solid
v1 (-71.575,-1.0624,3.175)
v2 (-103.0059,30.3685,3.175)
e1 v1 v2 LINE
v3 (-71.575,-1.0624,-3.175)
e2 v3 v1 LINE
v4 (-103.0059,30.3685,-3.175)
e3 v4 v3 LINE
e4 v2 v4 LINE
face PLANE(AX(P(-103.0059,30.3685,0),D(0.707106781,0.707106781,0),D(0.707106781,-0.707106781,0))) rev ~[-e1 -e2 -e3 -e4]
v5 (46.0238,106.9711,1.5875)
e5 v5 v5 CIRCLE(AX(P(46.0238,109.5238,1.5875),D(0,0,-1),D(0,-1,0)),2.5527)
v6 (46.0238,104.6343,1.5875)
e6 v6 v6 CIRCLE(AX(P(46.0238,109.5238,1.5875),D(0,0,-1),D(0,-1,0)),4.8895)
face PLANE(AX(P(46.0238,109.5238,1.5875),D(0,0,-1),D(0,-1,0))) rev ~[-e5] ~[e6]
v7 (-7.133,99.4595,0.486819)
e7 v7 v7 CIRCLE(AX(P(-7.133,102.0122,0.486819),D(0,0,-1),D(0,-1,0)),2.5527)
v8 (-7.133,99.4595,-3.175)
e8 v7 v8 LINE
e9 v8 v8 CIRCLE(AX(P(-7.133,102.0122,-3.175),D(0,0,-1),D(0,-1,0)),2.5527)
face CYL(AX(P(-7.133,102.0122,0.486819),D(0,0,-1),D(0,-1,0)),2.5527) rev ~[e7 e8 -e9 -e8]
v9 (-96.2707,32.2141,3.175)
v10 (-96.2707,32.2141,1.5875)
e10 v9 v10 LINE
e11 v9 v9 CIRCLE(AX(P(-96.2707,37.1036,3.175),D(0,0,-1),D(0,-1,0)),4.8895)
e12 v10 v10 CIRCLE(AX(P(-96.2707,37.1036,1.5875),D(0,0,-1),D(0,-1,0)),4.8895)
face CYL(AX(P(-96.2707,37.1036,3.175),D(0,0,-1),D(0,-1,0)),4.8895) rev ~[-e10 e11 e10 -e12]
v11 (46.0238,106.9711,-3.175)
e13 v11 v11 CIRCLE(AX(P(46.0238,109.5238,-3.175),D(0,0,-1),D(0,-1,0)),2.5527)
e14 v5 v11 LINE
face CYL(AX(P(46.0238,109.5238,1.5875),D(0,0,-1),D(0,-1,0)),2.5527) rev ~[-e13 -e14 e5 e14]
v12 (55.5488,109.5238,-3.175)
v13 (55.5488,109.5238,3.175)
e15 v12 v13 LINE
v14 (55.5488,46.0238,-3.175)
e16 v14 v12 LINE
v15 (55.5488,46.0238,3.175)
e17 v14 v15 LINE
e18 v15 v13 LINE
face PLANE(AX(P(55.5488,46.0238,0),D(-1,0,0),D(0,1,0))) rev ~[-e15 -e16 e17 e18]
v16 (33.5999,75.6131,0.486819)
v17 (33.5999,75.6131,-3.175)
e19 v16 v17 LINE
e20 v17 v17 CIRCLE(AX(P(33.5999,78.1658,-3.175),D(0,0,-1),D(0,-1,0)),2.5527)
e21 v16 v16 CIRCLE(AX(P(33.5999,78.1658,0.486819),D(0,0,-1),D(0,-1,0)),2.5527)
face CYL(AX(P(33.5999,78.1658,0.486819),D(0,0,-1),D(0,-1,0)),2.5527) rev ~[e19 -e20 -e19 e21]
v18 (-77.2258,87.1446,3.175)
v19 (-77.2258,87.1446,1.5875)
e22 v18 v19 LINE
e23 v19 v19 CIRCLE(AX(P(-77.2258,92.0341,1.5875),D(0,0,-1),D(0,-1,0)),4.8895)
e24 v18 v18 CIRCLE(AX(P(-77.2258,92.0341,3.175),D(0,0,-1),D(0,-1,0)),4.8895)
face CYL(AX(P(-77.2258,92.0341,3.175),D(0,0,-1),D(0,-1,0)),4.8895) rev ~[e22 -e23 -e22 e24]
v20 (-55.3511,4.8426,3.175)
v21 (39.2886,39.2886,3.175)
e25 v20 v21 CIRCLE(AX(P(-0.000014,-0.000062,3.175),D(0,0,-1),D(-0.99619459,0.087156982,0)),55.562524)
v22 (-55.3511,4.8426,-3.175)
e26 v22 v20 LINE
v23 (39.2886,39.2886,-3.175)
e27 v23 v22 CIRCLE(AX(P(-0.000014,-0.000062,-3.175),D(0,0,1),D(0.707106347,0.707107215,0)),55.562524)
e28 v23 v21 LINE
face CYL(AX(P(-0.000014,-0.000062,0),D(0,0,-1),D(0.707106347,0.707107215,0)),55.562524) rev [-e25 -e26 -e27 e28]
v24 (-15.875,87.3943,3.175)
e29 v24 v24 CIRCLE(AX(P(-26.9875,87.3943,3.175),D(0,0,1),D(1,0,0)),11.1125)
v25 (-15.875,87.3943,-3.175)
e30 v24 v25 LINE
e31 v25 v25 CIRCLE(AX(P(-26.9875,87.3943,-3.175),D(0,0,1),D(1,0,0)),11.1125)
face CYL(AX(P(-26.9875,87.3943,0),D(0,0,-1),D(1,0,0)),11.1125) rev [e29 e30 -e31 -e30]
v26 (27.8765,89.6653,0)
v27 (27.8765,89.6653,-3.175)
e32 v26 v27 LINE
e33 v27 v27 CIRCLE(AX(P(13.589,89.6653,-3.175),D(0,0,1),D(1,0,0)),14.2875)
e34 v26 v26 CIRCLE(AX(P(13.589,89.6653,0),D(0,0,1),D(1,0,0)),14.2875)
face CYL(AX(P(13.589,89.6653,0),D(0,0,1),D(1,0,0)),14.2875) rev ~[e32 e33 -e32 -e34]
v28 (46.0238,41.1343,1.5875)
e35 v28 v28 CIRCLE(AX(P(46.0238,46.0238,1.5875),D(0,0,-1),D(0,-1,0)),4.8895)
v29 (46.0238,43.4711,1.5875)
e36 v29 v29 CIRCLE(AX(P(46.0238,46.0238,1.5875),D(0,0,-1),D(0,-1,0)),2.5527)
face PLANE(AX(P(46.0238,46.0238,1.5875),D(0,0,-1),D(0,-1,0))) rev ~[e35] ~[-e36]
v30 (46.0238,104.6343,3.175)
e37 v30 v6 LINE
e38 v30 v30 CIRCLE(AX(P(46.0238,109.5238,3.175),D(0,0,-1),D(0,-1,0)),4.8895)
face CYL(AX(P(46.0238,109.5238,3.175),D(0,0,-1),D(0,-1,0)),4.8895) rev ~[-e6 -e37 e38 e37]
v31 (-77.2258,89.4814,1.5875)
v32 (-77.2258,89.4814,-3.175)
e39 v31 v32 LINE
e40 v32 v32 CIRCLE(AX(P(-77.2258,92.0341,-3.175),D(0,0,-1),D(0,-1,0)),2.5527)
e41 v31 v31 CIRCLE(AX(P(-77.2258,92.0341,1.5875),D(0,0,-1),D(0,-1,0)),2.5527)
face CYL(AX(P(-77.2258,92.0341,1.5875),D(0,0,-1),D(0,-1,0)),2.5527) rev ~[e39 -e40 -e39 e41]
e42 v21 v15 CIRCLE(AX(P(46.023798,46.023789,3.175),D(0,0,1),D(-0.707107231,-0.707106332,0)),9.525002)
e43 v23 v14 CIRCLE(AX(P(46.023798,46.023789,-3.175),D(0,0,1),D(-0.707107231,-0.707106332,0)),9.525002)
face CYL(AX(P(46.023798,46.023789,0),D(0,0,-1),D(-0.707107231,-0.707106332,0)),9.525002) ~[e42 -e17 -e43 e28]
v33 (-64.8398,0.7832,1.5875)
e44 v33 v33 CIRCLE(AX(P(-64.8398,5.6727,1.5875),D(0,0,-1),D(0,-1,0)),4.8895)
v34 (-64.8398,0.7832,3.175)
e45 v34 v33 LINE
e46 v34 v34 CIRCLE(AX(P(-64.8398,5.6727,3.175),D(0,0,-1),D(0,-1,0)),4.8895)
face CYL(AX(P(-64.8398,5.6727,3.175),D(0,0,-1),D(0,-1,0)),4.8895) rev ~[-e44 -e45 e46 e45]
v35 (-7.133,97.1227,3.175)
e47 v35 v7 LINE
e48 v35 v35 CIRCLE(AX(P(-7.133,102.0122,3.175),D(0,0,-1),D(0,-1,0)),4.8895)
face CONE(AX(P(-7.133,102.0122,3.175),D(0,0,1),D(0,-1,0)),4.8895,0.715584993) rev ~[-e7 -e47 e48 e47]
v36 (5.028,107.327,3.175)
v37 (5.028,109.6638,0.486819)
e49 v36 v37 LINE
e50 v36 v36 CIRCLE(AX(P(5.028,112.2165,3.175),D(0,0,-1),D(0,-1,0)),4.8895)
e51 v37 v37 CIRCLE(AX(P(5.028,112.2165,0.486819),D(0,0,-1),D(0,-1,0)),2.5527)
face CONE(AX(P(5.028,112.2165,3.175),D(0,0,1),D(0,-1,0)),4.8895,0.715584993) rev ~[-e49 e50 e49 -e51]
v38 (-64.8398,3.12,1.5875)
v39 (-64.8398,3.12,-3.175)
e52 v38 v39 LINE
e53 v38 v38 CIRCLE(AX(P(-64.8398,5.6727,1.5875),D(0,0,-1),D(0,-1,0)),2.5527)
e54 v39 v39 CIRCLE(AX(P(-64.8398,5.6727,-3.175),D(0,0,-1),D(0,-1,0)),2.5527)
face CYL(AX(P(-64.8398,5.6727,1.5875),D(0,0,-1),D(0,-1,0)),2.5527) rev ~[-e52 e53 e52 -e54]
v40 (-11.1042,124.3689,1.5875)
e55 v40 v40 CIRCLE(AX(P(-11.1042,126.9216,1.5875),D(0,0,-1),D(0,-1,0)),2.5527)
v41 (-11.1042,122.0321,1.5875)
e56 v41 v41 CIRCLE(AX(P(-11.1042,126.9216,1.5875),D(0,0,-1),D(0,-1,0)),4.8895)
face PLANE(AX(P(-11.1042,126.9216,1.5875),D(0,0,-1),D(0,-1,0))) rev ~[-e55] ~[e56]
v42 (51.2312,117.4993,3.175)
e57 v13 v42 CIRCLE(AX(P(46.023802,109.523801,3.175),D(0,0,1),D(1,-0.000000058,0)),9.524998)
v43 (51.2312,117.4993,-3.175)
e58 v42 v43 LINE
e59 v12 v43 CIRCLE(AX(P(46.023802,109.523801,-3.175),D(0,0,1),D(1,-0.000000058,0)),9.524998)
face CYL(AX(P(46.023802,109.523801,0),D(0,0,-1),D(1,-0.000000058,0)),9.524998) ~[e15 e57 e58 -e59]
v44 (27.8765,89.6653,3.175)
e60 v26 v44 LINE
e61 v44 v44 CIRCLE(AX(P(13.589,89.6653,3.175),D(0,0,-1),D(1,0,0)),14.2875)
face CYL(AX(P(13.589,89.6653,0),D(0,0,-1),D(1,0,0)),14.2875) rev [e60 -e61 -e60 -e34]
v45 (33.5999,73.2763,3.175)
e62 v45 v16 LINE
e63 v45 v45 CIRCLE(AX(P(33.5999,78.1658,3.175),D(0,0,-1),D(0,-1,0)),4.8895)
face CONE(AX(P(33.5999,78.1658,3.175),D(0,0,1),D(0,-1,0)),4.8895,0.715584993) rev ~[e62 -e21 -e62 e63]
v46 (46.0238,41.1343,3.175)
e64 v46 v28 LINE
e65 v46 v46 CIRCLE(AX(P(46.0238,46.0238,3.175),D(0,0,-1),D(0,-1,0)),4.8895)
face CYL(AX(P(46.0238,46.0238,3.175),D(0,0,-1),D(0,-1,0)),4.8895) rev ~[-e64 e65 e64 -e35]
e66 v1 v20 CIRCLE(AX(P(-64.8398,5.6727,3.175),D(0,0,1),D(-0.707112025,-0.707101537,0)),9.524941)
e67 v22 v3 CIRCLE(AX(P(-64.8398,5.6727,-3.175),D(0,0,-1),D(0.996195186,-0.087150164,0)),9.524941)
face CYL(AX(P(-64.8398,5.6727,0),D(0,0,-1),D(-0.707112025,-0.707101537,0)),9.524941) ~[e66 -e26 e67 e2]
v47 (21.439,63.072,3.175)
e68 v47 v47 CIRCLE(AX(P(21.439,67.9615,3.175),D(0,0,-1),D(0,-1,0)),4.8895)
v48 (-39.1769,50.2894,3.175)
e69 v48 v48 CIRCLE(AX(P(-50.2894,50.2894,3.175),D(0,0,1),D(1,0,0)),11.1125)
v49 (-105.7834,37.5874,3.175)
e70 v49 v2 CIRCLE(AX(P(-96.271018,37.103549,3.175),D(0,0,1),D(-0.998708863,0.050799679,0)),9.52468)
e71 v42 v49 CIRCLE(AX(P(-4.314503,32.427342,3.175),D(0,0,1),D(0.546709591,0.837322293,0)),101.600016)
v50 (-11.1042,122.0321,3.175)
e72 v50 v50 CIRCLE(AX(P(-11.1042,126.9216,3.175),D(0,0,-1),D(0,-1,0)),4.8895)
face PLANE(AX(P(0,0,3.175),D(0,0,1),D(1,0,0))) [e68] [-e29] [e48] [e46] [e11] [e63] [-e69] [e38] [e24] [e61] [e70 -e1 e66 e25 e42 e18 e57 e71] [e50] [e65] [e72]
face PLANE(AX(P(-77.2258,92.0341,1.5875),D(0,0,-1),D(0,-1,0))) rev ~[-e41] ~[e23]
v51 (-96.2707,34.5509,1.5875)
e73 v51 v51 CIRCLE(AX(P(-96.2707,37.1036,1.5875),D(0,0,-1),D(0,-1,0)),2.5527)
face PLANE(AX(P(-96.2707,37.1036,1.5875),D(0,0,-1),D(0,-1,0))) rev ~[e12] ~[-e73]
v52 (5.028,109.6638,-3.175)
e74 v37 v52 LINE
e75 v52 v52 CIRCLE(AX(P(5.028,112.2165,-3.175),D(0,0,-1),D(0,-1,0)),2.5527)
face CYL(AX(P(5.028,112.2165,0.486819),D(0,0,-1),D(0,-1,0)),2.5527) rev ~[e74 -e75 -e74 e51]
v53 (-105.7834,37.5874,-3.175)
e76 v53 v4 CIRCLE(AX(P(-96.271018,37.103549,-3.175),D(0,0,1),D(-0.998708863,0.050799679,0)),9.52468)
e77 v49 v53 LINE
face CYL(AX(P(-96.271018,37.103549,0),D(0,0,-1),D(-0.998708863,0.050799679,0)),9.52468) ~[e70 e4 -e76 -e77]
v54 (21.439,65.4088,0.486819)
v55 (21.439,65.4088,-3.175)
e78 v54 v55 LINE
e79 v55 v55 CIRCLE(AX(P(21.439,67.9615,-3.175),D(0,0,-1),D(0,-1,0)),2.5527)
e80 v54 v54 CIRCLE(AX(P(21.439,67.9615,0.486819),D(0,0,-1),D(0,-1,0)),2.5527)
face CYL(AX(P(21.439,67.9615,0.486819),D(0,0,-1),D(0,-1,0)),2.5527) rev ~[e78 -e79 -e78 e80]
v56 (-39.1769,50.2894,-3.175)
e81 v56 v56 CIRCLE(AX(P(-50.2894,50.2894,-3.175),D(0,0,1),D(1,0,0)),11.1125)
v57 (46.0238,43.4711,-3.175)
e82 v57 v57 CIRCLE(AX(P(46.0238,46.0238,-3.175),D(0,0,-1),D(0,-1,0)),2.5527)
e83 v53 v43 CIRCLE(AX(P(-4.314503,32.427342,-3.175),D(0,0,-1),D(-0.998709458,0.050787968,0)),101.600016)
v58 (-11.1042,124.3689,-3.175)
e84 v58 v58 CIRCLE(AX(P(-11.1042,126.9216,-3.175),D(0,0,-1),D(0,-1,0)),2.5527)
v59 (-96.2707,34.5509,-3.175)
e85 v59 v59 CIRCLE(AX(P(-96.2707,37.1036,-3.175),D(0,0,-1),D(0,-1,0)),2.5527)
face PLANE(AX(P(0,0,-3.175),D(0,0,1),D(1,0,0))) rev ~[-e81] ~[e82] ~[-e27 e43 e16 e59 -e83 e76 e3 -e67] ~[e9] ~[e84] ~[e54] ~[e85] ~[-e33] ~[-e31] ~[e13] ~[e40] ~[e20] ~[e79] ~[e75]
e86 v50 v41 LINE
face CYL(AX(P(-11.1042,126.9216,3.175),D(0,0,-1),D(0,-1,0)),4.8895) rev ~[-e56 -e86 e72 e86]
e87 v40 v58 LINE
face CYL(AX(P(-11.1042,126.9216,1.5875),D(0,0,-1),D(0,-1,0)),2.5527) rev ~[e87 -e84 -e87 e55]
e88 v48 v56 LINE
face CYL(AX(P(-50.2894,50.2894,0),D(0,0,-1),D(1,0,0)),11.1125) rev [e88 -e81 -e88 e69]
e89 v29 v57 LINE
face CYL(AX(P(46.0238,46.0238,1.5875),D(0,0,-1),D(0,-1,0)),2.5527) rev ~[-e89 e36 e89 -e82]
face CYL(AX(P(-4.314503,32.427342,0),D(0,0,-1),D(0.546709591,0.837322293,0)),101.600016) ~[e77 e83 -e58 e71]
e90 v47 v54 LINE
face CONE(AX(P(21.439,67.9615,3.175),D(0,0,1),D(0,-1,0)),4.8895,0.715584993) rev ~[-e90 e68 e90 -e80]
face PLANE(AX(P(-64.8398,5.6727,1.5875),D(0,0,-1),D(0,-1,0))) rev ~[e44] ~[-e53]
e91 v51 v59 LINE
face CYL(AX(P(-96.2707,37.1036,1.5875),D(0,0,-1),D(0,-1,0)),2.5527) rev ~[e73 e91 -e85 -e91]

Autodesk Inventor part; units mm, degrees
ref_plane "YZ Plane" through (0, 0, 0) normal (1, 0, 0) x (0, 1, 0)
ref_plane "XZ Plane" through (0, 0, 0) normal (0, 1, 0) x (-1, 0, 0)
ref_plane "XY Plane" through (0, 0, 0) normal (0, 0, 1) x (1, 0, 0)
sketch "Sketch1" plane through (0, 0, 0) normal (0, 0, 1) x (1, 0, 0)
  line L0 (-166.2465, 0) -> (95.1399, 0) projected
  line L1 (0, -97.3562) -> (0, 206.312) projected
  circle A0 centre (0, 0) radius 53.975 construction
  arc A1 (39.2886, 39.2886) -> (-55.3511, 4.8426) centre (0, 0) ccw
  line L2 (0, 0) -> (-102.554, 102.554) construction
  circle A2 centre (-50.2894, 50.2894) radius 11.1125
  circle A3 centre (-50.2894, 50.2894) radius 13.335 construction
  circle A4 centre (-50.2894, 50.2894) radius 39.37 construction
  circle A5 centre (-26.9875, 87.3943) radius 11.1125
  circle A6 centre (-26.9875, 87.3943) radius 10.16 construction
  circle A7 centre (-26.9875, 87.3943) radius 33.02 construction
  circle A8 centre (13.589, 89.6653) radius 14.2875
  circle A9 centre (13.589, 89.6653) radius 33.02 construction
  circle A10 centre (0, 0) radius 16.51 construction
  arc A11 (51.2312, 117.4993) -> (-105.7834, 37.5874) centre (-4.3145, 32.4274) ccw
  line L3 (-103.0059, 30.3685) -> (-71.575, -1.0624)
  line L4 (55.5488, 46.0238) -> (55.5488, 109.5238)
  arc A12 (55.5488, 109.5238) -> (51.2312, 117.4993) centre (46.0238, 109.5238) ccw
  arc A13 (-105.7834, 37.5874) -> (-103.0059, 30.3685) centre (-96.2707, 37.1036) ccw
  arc A14 (-71.575, -1.0624) -> (-55.3511, 4.8426) centre (-64.8398, 5.6727) ccw
  arc A15 (39.2886, 39.2886) -> (55.5488, 46.0238) centre (46.0238, 46.0238) ccw
  line L5 (0, 0) -> (46.0238, 46.0238) construction
  line L6 (0, 0) -> (-64.8398, 5.6727) construction
  circle A16 centre (-17.0625, 17.0625) radius 10.16 construction
  point P0 (55.5488, 1.2332)
  point P1 (-51.3036, -21.3339)
  point P2 (55.5488, 114.5184)
  point P3 (-105.911, 33.2736)
  dimension "d0" = 107.95
  dimension "d1" = 45
  dimension "d2" = 1.5875
  dimension "d3" = 22.225
  dimension "d4" = 26.67
  dimension "d5" = 78.74
  dimension "d6" = 22.225
  dimension "d7" = 20.32
  dimension "d8" = 66.04
  dimension "d9" = 43.815
  dimension "d10" = 66.04
  dimension "d11" = 28.575
  dimension "d12" = 33.02
  dimension "d13" = 40.64
  dimension "d43" = 9.525
  dimension "d44" = 9.525
  dimension "d56" = 45
  dimension "d57" = 130
  dimension "d58" = 101.6
  dimension "d59" = 44.45
  dimension "d60" = 63.5
  dimension "d61" = 20.32
  dimension "d63" = 46.99
  dimension "d64" = 26.9875
  dimension "d66" = 13.589
  dimension "d67" = 24.13
extrude "Base" add sketch "Sketch1" along normal mid plane 6.35 contours L3 A13 A11 L1 A8 A1 A14 L0 | L0 A14 L3 | L1 A8 A11 A12 L4 A15 A1
sketch "Sketch2" plane through (0, 0, 3.175) normal (0, 0, 1) x (1, 0, 0)
  circle A0 centre (13.589, 89.6653) radius 14.2875 projected
  line L0 (-1.0525, 107.1143) -> (27.5194, 73.0637) construction
  line L1 (-7.133, 102.0122) -> (5.028, 112.2165) construction
  line L2 (21.439, 67.9615) -> (33.5999, 78.1658) construction
  line L3 (-138.0646, 0) -> (87.8177, 0) projected
  line L4 (0, -31.4282) -> (0, 161.6033) projected
  dimension "d20" = 44.45
  dimension "d21" = 15.875
  dimension "d73" = 40
hole "Encoder Mount Holes" at (-7.133, 102.0122, 3.175) at (5.028, 112.2165, 3.175) at (21.439, 67.9615, 3.175) at (33.5999, 78.1658, 3.175) direction (0, 0, -1) diameter 5.1054 end through all countersink diameter 9.779 countersink angle 82 clearance for "Flat Head Machine Screw (82)" size "#10" standard "Ansi Unified Screw Threads"
sketch "Sketch4" plane through (0, 0, 3.175) normal (0, 0, 1) x (1, 0, 0)
  arc A0 (55.5488, 109.5238) -> (51.2312, 117.4993) centre (46.0238, 109.5238) ccw projected
  arc A1 (-105.7834, 37.5874) -> (-103.0059, 30.3685) centre (-96.2707, 37.1036) ccw projected
  arc A2 (-71.575, -1.0624) -> (-55.3511, 4.8426) centre (-64.8398, 5.6727) ccw projected
  arc A3 (39.2886, 39.2886) -> (55.5488, 46.0238) centre (46.0238, 46.0238) ccw projected
  arc A4 (39.2886, 39.2886) -> (-55.3511, 4.8426) centre (0, 0) ccw projected
  line L0 (0, 0) -> (-77.2258, 92.0341) construction
  line L1 (0, 0) -> (-11.1042, 126.9216) construction
  line L2 (-139.4188, 0) -> (90.6686, 0) construction
  line L3 (0, -34.2819) -> (0, 162.079) construction
  dimension "d69" = 5
  dimension "d70" = 40
  dimension "d71" = 120.142
  dimension "d72" = 127.4064
hole "Standoff Holes" at (-96.2707, 37.1036, 3.175) at (46.0238, 109.5238, 3.175) at (-11.1042, 126.9216, 3.175) at (-77.2258, 92.0341, 3.175) at (-64.8398, 5.6727, 3.175) at (46.0238, 46.0238, 3.175) direction (0, 0, -1) diameter 5.1054 end through all counterbore diameter 9.779 counterbore depth 1.5875 clearance for "Flat Head Machine Screw (82)" size "#10" standard "Ansi Unified Screw Threads"
properties part number "back plate"
